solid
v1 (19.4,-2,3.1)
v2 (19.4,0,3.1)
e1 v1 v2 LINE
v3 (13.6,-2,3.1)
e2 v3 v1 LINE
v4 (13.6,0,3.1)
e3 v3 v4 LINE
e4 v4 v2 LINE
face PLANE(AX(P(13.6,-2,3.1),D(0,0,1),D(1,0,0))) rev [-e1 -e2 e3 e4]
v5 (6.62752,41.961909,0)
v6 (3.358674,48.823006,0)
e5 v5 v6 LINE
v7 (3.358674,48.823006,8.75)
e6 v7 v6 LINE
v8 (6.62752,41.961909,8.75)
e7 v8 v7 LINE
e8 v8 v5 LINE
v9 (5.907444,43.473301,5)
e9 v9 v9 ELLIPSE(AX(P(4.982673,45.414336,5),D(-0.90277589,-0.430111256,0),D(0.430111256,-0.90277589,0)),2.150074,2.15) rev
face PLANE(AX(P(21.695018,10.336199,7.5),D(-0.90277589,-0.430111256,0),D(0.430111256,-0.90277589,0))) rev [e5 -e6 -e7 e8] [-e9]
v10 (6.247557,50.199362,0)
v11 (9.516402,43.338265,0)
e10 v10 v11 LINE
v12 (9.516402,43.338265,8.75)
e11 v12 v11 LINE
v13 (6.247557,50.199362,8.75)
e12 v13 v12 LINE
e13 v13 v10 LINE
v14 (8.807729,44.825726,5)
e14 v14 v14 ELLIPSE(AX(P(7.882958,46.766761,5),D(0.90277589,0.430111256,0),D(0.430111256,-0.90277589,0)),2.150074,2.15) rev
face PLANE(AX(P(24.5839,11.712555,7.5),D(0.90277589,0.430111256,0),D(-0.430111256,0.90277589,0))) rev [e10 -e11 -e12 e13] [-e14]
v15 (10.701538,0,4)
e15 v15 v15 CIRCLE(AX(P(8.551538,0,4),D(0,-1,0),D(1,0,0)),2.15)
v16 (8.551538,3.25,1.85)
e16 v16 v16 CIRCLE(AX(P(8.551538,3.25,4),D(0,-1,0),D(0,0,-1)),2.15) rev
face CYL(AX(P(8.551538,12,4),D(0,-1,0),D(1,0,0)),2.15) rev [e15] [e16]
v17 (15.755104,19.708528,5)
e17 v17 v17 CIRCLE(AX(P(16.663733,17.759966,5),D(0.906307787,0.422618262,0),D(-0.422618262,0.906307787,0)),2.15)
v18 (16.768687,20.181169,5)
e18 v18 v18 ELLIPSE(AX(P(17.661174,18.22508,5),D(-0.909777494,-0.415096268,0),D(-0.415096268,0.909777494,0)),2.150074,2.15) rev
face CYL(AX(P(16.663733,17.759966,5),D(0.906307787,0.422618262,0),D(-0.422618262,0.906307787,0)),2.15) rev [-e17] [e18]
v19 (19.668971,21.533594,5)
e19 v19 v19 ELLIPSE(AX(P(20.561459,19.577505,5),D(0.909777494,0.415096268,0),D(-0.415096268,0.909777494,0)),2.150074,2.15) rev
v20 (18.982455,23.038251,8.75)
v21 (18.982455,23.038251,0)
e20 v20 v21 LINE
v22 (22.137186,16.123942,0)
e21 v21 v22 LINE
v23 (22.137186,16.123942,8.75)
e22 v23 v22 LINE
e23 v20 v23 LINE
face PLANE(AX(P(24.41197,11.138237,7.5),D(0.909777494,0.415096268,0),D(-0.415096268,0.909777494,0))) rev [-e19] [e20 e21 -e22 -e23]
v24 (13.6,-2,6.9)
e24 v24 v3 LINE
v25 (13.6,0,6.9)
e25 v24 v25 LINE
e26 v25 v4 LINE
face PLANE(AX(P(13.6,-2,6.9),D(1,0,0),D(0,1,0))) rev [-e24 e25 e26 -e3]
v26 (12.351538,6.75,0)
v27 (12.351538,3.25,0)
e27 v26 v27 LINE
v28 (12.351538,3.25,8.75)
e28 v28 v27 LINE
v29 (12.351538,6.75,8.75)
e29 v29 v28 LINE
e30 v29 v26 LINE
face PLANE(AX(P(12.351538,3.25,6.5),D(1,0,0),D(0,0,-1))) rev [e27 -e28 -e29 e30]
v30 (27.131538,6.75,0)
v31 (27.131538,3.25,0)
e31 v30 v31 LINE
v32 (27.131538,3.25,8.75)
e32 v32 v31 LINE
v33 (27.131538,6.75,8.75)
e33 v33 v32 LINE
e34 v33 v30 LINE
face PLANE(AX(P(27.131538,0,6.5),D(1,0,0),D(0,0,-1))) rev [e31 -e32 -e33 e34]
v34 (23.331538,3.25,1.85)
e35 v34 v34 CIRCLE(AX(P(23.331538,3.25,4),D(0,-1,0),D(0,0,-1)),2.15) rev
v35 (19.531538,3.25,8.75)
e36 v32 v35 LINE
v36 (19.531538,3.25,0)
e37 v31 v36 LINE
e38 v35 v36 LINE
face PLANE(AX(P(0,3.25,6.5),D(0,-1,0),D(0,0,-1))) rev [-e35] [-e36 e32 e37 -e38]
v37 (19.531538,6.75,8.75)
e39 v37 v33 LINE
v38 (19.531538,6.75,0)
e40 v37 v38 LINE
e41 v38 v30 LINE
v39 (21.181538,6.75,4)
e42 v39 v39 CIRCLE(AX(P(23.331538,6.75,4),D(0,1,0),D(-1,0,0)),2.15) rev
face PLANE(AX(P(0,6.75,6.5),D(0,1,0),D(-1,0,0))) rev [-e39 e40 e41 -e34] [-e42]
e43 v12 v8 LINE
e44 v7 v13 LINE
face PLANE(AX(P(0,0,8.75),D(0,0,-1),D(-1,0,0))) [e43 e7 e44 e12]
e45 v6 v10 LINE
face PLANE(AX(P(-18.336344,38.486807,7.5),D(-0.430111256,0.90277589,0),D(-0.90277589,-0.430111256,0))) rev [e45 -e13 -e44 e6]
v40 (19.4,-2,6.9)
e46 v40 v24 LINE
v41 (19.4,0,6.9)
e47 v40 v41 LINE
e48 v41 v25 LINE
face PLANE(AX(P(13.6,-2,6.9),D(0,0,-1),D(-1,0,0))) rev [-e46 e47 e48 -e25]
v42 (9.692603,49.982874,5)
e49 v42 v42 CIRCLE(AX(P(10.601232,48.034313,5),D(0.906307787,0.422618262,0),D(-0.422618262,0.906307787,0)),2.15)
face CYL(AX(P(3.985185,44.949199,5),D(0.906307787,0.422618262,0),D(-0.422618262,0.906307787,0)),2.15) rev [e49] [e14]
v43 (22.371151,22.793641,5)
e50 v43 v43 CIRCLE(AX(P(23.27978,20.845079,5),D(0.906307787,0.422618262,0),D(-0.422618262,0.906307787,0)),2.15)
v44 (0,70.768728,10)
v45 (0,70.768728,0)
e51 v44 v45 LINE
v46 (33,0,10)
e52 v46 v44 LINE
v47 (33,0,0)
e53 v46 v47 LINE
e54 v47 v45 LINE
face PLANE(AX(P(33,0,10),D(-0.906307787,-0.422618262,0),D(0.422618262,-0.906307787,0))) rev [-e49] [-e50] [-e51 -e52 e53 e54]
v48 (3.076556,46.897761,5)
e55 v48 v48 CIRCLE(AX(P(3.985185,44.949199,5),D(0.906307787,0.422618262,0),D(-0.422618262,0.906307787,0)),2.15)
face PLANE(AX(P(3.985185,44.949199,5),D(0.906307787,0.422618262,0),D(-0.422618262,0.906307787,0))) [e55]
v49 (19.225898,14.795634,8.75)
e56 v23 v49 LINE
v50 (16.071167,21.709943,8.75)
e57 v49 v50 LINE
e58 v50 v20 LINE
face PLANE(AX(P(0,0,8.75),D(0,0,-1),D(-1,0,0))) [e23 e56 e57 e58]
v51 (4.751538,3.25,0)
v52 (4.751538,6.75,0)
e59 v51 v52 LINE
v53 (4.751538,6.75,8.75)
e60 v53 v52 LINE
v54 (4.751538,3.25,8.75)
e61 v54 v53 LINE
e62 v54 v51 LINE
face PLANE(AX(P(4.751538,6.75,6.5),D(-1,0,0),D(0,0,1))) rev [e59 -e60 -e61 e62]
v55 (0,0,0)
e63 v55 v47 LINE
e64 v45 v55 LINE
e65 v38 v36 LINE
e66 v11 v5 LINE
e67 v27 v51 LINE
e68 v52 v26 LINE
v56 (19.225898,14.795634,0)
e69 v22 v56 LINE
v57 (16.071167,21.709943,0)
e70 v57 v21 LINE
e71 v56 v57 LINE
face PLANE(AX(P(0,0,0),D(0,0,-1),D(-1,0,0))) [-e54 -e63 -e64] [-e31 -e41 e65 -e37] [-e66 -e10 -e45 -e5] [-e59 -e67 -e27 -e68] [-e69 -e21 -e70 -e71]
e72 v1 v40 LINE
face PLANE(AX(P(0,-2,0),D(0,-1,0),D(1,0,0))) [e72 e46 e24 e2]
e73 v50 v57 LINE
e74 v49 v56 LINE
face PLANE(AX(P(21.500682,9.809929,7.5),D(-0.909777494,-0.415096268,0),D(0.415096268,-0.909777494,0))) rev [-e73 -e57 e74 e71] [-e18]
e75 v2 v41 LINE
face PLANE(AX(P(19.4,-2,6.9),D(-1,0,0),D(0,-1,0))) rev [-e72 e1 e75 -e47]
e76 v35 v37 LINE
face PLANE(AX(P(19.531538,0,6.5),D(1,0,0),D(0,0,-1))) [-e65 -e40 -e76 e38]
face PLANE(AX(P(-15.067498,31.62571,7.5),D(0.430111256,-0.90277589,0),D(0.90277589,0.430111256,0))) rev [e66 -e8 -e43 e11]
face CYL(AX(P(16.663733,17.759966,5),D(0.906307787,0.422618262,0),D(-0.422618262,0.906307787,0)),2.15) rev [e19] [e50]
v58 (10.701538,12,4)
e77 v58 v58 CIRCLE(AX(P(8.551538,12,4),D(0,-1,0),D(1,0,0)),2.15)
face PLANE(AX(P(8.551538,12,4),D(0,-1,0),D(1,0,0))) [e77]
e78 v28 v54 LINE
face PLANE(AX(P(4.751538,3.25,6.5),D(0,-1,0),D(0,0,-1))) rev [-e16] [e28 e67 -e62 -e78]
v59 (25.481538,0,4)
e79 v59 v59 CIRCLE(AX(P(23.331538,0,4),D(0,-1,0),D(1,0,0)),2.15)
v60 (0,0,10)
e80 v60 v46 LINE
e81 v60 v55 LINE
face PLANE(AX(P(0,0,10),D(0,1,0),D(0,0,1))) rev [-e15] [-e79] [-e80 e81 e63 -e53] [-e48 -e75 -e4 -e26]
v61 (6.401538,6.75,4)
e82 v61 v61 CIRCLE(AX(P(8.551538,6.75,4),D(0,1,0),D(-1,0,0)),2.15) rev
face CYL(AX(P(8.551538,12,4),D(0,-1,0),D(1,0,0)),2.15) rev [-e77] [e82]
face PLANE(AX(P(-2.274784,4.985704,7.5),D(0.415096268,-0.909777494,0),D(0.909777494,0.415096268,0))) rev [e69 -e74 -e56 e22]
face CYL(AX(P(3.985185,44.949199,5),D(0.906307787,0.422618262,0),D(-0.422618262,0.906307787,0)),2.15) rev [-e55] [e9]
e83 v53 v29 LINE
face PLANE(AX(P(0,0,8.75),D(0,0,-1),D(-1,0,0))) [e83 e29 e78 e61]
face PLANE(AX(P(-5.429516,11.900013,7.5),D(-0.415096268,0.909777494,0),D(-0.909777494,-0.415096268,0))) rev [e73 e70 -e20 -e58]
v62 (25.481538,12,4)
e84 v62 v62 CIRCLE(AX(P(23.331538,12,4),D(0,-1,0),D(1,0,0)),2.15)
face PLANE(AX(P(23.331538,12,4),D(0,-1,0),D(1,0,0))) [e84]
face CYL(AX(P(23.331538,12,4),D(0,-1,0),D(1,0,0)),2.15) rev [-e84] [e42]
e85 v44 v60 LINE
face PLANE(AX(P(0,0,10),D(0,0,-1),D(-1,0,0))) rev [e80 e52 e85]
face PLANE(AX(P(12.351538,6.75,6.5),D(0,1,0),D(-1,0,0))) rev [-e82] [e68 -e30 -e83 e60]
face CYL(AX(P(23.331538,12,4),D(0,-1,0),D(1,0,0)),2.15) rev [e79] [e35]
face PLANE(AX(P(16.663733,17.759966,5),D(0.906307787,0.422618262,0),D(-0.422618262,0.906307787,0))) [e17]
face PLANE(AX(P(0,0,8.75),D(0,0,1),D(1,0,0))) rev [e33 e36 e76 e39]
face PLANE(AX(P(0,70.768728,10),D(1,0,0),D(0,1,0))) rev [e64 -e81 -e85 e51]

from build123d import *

# Parameters (mm, degrees)
BOSS_EXTRUDE1_DEPTH = 10
SKETCH2_W           = 5.8
SKETCH2_H           = 3.8
BOSS_EXTRUDE2_DEPTH = 2
SKETCH3_R           = 2.15
CUT_EXTRUDE1_DEPTH  = 12
CUT_EXTRUDE2_DEPTH  = 6.5
SKETCH5_W           = 7.6
SKETCH5_H           = 3.5
CUT_EXTRUDE3_DEPTH  = 6.5
SKETCH6_R           = 2.15
CUT_EXTRUDE4_DEPTH  = 7.3
CUT_EXTRUDE5_START  = -10
CUT_EXTRUDE5_DEPTH  = 7.5
SKETCH8_W           = 7.6
SKETCH8_H           = 3.5
CUT_EXTRUDE6_DEPTH  = 8.75


with BuildPart() as part:
    # Sketch1 → Boss-Extrude1 (new body)
    with BuildSketch(Plane.XY):
        Polygon((0, 70.768728377), (0, 0), (33, 0), align=None)
    extrude(amount=BOSS_EXTRUDE1_DEPTH)

    # Sketch2 → Boss-Extrude2 (add)
    with BuildSketch(Plane(origin=(0, 0, 0), x_dir=(-1, 0, 0), z_dir=(0, -1, 0))):
        with Locations((-16.5, -5)):
            Rectangle(SKETCH2_W, SKETCH2_H)
    extrude(amount=BOSS_EXTRUDE2_DEPTH)

    # Sketch3 → Cut-Extrude1 (cut)
    with BuildSketch(Plane(origin=(0, 0, 0), x_dir=(-1, 0, 0), z_dir=(0, -1, 0))):
        with Locations(Location((-23.331538291, -4, 0), (0, 0, 180))):
            Circle(SKETCH3_R)
        with Locations(Location((-8.551538291, -4, 0), (0, 0, 180))):
            Circle(SKETCH3_R)
    extrude(amount=-CUT_EXTRUDE1_DEPTH, mode=Mode.SUBTRACT)

    # Sketch4 → Cut-Extrude2 (cut)
    with BuildSketch(Plane(origin=(0, 0, 0), x_dir=(-1, 0, 0), z_dir=(0, 0, -1))):
        Polygon((-19.531538291, 3.25), (-19.531538291, 5), (-19.531538291, 6.75), (-27.131538291, 6.75), (-27.131538291, 5), (-27.131538291, 3.25), align=None)
    extrude(amount=-CUT_EXTRUDE2_DEPTH, mode=Mode.SUBTRACT)

    # Sketch5 → Cut-Extrude3 (cut)
    with BuildSketch(Plane(origin=(0, 0, 0), x_dir=(-1, 0, 0), z_dir=(0, 0, -1))):
        with Locations((-23.331538291, 5)):
            Rectangle(SKETCH5_W, SKETCH5_H)
        with Locations((-8.551538291, 5)):
            Rectangle(SKETCH5_W, SKETCH5_H)
    extrude(amount=-CUT_EXTRUDE3_DEPTH, mode=Mode.SUBTRACT)

    # Sketch6 → Cut-Extrude4 (cut)
    with BuildSketch(Plane(origin=(27.10599556, 12.639733311, 0), x_dir=(0, 0, -1), z_dir=(0.9063077870366479, 0.422618261740704, 0))):
        with Locations(Location((-5, 9.053597363, 0), (0, 0, 90))):
            Circle(SKETCH6_R)
        with Locations(Location((-5, 39.053597363, 0), (0, 0, 90))):
            Circle(SKETCH6_R)
    extrude(amount=-CUT_EXTRUDE4_DEPTH, mode=Mode.SUBTRACT)

    # Sketch7 → Cut-Extrude5 (cut)
    with BuildSketch(Plane.XY.offset(10).offset(CUT_EXTRUDE5_START)):
        Polygon((6.247556837, 50.199361906), (3.358673988, 48.823005888), (6.627519532, 41.961909123), (9.51640238, 43.338265141), align=None)
        Polygon((18.982454602, 23.03825064), (22.13718624, 16.123941687), (19.225898259, 14.795633629), (16.071166622, 21.709942582), align=None)
    extrude(amount=CUT_EXTRUDE5_DEPTH, mode=Mode.SUBTRACT)

    # Sketch8 → Cut-Extrude6 (cut)
    with BuildSketch(Plane(origin=(0, 0, 0), x_dir=(-1, 0, 0), z_dir=(0, 0, -1))):
        with Locations((-23.331538291, 5)):
            Rectangle(SKETCH8_W, SKETCH8_H)
        with Locations((-8.551538291, 5)):
            Rectangle(SKETCH8_W, SKETCH8_H)
        Polygon((-22.13718624, 16.123941687), (-19.225898259, 14.795633629), (-16.071166622, 21.709942582), (-18.982454602, 23.03825064), align=None)
        Polygon((-9.51640238, 43.338265141), (-6.627519532, 41.961909123), (-3.358673988, 48.823005888), (-6.247556837, 50.199361906), align=None)
    extrude(amount=-CUT_EXTRUDE6_DEPTH, mode=Mode.SUBTRACT)


solid = part.part
